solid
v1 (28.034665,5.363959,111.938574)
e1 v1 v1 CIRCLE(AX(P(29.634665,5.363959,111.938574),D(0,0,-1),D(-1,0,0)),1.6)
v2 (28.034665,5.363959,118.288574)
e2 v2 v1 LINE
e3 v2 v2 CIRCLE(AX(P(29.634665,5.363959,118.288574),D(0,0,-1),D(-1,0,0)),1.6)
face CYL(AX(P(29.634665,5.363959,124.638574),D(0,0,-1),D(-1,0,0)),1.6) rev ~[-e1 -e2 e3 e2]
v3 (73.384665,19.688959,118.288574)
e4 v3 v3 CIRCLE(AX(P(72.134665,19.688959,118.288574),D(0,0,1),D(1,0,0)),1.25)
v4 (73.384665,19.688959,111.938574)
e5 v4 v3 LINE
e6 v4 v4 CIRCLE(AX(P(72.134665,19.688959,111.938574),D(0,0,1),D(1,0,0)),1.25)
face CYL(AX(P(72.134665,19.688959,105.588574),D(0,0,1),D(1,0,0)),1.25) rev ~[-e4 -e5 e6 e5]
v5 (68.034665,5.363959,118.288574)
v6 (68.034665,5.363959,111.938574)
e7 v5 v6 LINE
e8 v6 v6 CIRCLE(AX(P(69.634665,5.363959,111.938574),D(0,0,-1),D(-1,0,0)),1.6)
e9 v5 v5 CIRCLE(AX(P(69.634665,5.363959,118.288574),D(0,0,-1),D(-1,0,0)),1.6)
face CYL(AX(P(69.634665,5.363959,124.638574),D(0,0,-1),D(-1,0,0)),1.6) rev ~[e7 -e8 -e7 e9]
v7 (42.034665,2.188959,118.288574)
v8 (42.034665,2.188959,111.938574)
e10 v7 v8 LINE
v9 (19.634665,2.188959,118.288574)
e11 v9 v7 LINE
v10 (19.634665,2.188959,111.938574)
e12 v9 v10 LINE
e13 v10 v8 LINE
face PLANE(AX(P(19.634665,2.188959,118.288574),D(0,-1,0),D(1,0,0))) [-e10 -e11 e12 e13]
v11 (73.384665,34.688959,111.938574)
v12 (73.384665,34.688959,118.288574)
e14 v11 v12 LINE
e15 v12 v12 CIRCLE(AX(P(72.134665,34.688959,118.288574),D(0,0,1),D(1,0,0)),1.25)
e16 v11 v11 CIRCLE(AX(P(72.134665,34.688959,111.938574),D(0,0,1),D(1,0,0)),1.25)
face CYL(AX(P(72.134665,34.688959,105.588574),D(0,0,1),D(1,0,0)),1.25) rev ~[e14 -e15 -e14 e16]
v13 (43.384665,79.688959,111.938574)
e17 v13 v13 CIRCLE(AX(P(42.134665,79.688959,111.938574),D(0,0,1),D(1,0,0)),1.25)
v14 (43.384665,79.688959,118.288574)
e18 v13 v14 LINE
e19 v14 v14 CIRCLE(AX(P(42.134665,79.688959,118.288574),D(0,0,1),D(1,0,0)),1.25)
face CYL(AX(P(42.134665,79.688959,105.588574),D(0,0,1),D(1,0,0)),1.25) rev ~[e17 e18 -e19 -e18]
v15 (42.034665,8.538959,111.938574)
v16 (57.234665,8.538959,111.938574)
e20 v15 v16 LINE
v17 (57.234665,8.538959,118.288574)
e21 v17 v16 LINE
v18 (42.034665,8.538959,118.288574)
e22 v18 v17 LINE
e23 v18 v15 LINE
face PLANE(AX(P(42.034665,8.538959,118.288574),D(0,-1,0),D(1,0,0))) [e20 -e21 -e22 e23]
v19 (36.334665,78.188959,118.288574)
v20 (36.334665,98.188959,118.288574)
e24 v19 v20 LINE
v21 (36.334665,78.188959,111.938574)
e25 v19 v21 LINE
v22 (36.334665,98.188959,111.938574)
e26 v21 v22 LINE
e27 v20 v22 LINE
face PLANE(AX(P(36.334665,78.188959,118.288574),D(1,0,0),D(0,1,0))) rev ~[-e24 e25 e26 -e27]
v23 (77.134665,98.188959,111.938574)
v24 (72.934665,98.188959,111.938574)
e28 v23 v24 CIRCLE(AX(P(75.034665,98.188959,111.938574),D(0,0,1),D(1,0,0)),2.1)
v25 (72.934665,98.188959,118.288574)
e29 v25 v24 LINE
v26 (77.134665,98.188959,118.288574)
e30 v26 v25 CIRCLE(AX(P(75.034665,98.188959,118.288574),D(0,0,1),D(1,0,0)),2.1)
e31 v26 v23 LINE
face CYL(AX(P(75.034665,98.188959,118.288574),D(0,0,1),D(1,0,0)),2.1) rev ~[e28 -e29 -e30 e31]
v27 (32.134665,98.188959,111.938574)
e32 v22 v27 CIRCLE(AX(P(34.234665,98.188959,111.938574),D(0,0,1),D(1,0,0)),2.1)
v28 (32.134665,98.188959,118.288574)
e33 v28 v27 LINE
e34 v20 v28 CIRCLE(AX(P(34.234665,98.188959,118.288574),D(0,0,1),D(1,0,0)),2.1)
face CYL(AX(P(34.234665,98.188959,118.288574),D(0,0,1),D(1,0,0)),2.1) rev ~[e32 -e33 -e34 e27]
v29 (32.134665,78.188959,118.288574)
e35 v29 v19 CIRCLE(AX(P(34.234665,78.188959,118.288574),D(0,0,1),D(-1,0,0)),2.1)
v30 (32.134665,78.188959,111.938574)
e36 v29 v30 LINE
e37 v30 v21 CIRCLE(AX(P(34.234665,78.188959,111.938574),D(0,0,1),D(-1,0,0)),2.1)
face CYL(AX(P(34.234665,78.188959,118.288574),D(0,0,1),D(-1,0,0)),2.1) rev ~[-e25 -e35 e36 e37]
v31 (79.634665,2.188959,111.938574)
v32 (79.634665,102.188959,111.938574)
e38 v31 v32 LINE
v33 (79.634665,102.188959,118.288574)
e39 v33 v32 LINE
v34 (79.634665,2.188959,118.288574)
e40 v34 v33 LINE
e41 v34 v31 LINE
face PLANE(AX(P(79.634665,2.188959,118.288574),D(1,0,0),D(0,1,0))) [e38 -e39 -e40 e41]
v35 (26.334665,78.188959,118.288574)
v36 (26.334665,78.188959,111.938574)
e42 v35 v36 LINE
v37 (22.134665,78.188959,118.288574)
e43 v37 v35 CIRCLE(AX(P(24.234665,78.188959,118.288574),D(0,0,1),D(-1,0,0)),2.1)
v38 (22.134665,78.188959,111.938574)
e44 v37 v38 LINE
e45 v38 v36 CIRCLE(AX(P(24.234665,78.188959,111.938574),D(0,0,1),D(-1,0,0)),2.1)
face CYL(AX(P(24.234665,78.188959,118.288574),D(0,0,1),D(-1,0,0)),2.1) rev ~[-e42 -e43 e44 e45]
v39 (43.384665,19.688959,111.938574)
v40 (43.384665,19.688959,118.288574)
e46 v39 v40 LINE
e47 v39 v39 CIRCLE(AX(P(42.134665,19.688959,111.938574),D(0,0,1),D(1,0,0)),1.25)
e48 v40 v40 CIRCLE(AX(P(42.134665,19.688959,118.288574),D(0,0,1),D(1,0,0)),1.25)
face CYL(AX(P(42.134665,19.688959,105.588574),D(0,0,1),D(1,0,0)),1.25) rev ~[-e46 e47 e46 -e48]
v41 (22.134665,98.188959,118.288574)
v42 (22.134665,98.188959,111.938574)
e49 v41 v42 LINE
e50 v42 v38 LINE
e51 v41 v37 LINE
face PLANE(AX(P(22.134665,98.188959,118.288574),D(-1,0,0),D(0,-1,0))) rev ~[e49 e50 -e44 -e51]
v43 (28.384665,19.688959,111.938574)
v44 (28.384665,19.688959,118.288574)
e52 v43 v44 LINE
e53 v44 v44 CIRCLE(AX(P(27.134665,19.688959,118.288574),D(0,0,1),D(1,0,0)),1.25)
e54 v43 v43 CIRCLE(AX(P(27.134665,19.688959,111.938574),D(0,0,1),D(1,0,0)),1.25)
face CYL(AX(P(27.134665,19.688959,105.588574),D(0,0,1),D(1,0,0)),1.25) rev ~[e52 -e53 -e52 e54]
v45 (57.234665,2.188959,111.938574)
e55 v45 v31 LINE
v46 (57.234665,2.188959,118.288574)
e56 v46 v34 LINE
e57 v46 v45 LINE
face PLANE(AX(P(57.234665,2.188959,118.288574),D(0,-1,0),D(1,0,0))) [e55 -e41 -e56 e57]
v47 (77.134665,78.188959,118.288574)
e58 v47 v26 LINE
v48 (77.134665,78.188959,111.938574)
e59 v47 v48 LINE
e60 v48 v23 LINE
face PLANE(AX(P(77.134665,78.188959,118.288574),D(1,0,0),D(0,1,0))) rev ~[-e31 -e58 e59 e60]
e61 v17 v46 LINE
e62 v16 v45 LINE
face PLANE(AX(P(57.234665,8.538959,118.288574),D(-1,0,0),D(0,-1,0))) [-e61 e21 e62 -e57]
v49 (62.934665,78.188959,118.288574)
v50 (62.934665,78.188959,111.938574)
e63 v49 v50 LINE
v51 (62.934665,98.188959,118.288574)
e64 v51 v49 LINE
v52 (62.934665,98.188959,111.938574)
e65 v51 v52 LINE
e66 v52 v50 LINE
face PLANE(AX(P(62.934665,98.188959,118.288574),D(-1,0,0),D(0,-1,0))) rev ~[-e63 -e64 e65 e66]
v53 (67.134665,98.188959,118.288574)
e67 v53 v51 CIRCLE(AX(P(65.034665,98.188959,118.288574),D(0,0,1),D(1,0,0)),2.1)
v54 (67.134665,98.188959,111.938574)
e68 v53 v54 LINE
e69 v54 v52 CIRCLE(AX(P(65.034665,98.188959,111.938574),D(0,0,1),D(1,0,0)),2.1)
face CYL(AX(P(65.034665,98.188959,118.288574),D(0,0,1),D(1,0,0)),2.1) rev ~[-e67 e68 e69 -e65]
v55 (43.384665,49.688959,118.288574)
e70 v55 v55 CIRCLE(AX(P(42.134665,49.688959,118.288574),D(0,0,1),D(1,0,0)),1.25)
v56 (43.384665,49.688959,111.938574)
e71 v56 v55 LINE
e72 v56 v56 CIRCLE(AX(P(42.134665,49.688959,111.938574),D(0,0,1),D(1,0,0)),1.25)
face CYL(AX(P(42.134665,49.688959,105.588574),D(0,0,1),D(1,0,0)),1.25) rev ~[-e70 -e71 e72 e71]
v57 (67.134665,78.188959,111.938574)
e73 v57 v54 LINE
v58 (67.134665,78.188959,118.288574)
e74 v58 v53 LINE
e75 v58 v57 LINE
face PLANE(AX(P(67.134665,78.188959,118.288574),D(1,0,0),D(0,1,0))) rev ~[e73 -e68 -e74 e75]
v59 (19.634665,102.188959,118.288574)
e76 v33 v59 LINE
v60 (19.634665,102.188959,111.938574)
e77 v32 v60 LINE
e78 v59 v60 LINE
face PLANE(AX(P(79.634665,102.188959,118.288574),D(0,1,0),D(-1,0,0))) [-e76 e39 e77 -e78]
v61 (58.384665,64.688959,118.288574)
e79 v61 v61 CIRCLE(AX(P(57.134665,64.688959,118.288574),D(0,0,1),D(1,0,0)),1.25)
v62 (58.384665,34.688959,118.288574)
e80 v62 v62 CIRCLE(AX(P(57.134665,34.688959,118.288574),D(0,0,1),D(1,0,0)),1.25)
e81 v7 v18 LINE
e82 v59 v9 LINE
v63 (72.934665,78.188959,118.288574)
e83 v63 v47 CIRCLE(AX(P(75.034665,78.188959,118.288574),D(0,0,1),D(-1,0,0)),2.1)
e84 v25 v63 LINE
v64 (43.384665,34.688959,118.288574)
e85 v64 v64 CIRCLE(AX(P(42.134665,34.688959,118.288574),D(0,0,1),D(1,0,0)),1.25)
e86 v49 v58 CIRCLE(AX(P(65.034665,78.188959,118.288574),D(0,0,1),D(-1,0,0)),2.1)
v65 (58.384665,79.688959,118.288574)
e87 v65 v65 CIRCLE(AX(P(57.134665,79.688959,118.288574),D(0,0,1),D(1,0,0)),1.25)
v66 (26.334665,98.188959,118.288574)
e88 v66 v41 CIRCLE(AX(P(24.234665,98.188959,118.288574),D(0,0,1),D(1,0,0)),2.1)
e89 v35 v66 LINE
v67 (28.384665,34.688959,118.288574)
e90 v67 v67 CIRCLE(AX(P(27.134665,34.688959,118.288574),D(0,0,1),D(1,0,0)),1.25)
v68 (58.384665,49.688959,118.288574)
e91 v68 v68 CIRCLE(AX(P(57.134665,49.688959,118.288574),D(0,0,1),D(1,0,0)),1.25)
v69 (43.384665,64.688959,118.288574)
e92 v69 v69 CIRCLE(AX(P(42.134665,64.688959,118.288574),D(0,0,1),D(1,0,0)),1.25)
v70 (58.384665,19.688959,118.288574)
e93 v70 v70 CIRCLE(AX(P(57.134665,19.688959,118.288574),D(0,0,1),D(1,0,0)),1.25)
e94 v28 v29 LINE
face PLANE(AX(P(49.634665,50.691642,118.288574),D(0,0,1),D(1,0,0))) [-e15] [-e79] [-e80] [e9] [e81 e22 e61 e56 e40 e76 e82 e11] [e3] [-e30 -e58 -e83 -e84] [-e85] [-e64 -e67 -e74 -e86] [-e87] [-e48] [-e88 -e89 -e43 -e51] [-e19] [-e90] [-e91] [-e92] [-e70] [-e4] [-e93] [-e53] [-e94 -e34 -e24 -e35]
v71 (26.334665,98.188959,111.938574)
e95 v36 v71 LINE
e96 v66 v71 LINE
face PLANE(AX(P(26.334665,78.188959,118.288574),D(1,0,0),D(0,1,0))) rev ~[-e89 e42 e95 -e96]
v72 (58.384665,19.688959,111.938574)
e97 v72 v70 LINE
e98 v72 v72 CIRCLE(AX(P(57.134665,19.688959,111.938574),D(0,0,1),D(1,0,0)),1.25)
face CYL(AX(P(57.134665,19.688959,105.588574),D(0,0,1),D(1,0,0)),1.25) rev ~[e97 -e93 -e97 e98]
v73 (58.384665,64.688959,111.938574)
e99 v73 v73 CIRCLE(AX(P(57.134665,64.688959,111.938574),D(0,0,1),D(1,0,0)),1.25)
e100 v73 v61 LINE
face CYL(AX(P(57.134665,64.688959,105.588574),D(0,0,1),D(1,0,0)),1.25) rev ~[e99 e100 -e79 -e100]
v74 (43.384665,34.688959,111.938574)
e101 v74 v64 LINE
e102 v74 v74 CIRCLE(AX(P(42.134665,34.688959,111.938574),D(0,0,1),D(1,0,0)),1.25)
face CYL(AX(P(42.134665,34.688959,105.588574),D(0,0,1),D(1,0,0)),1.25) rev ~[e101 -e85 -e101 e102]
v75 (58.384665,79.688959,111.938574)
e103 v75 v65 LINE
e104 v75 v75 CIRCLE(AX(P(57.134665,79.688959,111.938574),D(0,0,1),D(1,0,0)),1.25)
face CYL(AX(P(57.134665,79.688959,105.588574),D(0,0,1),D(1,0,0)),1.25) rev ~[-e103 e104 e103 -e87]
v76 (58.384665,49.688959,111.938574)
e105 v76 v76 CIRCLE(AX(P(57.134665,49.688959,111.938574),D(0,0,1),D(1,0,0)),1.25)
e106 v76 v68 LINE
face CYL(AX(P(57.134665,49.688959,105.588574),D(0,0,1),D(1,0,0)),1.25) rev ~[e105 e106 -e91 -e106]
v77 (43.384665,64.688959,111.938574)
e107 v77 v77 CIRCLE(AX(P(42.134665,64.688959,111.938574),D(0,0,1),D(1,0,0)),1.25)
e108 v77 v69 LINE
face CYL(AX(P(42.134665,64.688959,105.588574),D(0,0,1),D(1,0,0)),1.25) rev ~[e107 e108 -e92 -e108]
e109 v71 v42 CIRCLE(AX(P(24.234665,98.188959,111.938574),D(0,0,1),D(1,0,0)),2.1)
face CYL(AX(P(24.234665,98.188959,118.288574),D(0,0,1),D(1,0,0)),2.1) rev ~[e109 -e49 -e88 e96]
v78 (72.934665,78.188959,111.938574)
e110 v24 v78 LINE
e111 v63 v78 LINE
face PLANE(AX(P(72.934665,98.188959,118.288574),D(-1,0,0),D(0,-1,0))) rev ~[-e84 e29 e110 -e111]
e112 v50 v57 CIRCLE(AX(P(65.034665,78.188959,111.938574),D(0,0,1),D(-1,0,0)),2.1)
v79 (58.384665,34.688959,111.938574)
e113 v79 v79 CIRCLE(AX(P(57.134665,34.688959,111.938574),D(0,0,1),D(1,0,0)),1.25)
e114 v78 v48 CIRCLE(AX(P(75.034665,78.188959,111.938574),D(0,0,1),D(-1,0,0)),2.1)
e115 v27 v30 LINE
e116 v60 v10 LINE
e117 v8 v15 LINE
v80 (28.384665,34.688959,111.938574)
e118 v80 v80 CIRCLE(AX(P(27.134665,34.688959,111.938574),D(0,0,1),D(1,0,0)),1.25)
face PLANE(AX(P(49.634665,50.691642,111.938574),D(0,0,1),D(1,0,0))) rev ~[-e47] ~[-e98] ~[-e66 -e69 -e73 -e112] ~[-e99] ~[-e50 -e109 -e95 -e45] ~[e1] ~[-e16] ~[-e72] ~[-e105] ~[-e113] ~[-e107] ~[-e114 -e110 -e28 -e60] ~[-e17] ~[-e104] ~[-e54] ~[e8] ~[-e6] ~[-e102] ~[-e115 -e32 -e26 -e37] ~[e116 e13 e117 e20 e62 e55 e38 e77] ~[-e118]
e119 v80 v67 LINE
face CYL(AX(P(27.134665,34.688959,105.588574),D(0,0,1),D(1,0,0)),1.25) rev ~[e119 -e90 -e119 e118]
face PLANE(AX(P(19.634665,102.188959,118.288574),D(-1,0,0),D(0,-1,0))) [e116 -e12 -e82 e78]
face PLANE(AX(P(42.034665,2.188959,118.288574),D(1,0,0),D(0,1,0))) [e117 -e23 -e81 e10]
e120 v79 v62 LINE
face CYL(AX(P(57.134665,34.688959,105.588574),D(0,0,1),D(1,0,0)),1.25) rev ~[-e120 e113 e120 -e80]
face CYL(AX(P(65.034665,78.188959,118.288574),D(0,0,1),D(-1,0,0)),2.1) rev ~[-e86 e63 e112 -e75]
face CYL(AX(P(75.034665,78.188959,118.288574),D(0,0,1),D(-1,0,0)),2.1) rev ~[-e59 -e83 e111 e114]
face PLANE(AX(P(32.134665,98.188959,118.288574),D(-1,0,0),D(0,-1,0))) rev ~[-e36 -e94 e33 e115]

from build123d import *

# Parameters (mm, degrees)
BOSS_EXTRUDE1_DEPTH             = 6.35
F_2_5_2_5_DIAMETER_HOLE1_D      = 2.5
F_2_5_2_5_DIAMETER_HOLE1_DEPTH  = 6.35
F_3_2_3_2_DIAMETER_HOLE1_D      = 3.2
F_3_2_3_2_DIAMETER_HOLE1_DEPTH  = 6.35
F_2_5_2_5_DIAMETER_HOLE2_D      = 2.5
F_2_5_2_5_DIAMETER_HOLE2_DEPTH  = 6.35
F_2_5_2_5_DIAMETER_HOLE3_D      = 2.5
F_2_5_2_5_DIAMETER_HOLE3_DEPTH  = 6.35
F_2_5_2_5_DIAMETER_HOLE4_D      = 2.5
F_2_5_2_5_DIAMETER_HOLE4_DEPTH  = 6.35
F_2_5_2_5_DIAMETER_HOLE5_D      = 2.5
F_2_5_2_5_DIAMETER_HOLE5_DEPTH  = 6.35
F_2_5_2_5_DIAMETER_HOLE6_D      = 2.5
F_2_5_2_5_DIAMETER_HOLE6_DEPTH  = 6.35
F_2_5_2_5_DIAMETER_HOLE7_D      = 2.5
F_2_5_2_5_DIAMETER_HOLE7_DEPTH  = 6.35
F_2_5_2_5_DIAMETER_HOLE8_D      = 2.5
F_2_5_2_5_DIAMETER_HOLE8_DEPTH  = 6.35
F_2_5_2_5_DIAMETER_HOLE9_D      = 2.5
F_2_5_2_5_DIAMETER_HOLE9_DEPTH  = 6.35
F_2_5_2_5_DIAMETER_HOLE10_D     = 2.5
F_2_5_2_5_DIAMETER_HOLE10_DEPTH = 6.35
F_2_5_2_5_DIAMETER_HOLE11_D     = 2.5
F_2_5_2_5_DIAMETER_HOLE11_DEPTH = 6.35
F_2_5_2_5_DIAMETER_HOLE12_D     = 2.5
F_2_5_2_5_DIAMETER_HOLE12_DEPTH = 6.35
F_2_5_2_5_DIAMETER_HOLE13_D     = 2.5
F_2_5_2_5_DIAMETER_HOLE13_DEPTH = 6.35
F_2_5_2_5_DIAMETER_HOLE14_D     = 2.5
F_2_5_2_5_DIAMETER_HOLE14_DEPTH = 6.35
F_3_2_3_2_DIAMETER_HOLE2_D      = 3.2
F_3_2_3_2_DIAMETER_HOLE2_DEPTH  = 6.35
CUT_EXTRUDE1_DEPTH              = 7.35


with BuildPart() as part:
    # Sketch1 → Boss-Extrude1 (new body)
    with BuildSketch(Plane.XY.offset(118.288574318)):
        Polygon((19.634665341, 102.188959457), (19.634665341, 2.188959457), (42.034665341, 2.188959457), (42.034665341, 8.538959457), (57.234665341, 8.538959457), (57.234665341, 2.188959457), (79.634665341, 2.188959457), (79.634665341, 102.188959457), align=None)
    extrude(amount=-BOSS_EXTRUDE1_DEPTH)

    # Ø2.5 (2.5) Diameter Hole1
    with Locations(Plane(origin=(0, 0, 111.938574318), x_dir=(-1, 0, 0), z_dir=(0, 0, -1))):
        with Locations((-27.134665341, 19.688959457)):
            Hole(F_2_5_2_5_DIAMETER_HOLE1_D / 2, depth=F_2_5_2_5_DIAMETER_HOLE1_DEPTH)

    # Ø3.2 (3.2) Diameter Hole1
    with Locations(Plane.XY.offset(118.288574318)):
        with Locations((29.634665341, 5.363959457)):
            Hole(F_3_2_3_2_DIAMETER_HOLE1_D / 2, depth=F_3_2_3_2_DIAMETER_HOLE1_DEPTH)

    # Ø2.5 (2.5) Diameter Hole2
    with Locations(Plane(origin=(0, 0, 111.938574318), x_dir=(-1, 0, 0), z_dir=(0, 0, -1))):
        with Locations((-57.134665341, 19.688959457)):
            Hole(F_2_5_2_5_DIAMETER_HOLE2_D / 2, depth=F_2_5_2_5_DIAMETER_HOLE2_DEPTH)

    # Ø2.5 (2.5) Diameter Hole3
    with Locations(Plane(origin=(0, 0, 111.938574318), x_dir=(-1, 0, 0), z_dir=(0, 0, -1))):
        with Locations((-42.134665341, 34.688959457)):
            Hole(F_2_5_2_5_DIAMETER_HOLE3_D / 2, depth=F_2_5_2_5_DIAMETER_HOLE3_DEPTH)

    # Ø2.5 (2.5) Diameter Hole4
    with Locations(Plane(origin=(0, 0, 111.938574318), x_dir=(-1, 0, 0), z_dir=(0, 0, -1))):
        with Locations((-42.134665341, 64.688959457)):
            Hole(F_2_5_2_5_DIAMETER_HOLE4_D / 2, depth=F_2_5_2_5_DIAMETER_HOLE4_DEPTH)

    # Ø2.5 (2.5) Diameter Hole5
    with Locations(Plane(origin=(0, 0, 111.938574318), x_dir=(-1, 0, 0), z_dir=(0, 0, -1))):
        with Locations((-57.134665341, 64.688959457)):
            Hole(F_2_5_2_5_DIAMETER_HOLE5_D / 2, depth=F_2_5_2_5_DIAMETER_HOLE5_DEPTH)

    # Ø2.5 (2.5) Diameter Hole6
    with Locations(Plane(origin=(0, 0, 111.938574318), x_dir=(-1, 0, 0), z_dir=(0, 0, -1))):
        with Locations((-27.134665341, 34.688959457)):
            Hole(F_2_5_2_5_DIAMETER_HOLE6_D / 2, depth=F_2_5_2_5_DIAMETER_HOLE6_DEPTH)

    # Ø2.5 (2.5) Diameter Hole7
    with Locations(Plane(origin=(0, 0, 111.938574318), x_dir=(-1, 0, 0), z_dir=(0, 0, -1))):
        with Locations((-72.134665341, 19.688959457)):
            Hole(F_2_5_2_5_DIAMETER_HOLE7_D / 2, depth=F_2_5_2_5_DIAMETER_HOLE7_DEPTH)

    # Ø2.5 (2.5) Diameter Hole8
    with Locations(Plane(origin=(0, 0, 111.938574318), x_dir=(-1, 0, 0), z_dir=(0, 0, -1))):
        with Locations((-42.134665341, 19.688959457)):
            Hole(F_2_5_2_5_DIAMETER_HOLE8_D / 2, depth=F_2_5_2_5_DIAMETER_HOLE8_DEPTH)

    # Ø2.5 (2.5) Diameter Hole9
    with Locations(Plane(origin=(0, 0, 111.938574318), x_dir=(-1, 0, 0), z_dir=(0, 0, -1))):
        with Locations((-57.134665341, 34.688959457)):
            Hole(F_2_5_2_5_DIAMETER_HOLE9_D / 2, depth=F_2_5_2_5_DIAMETER_HOLE9_DEPTH)

    # Ø2.5 (2.5) Diameter Hole10
    with Locations(Plane(origin=(0, 0, 111.938574318), x_dir=(-1, 0, 0), z_dir=(0, 0, -1))):
        with Locations((-42.134665341, 49.688959457)):
            Hole(F_2_5_2_5_DIAMETER_HOLE10_D / 2, depth=F_2_5_2_5_DIAMETER_HOLE10_DEPTH)

    # Ø2.5 (2.5) Diameter Hole11
    with Locations(Plane(origin=(0, 0, 111.938574318), x_dir=(-1, 0, 0), z_dir=(0, 0, -1))):
        with Locations((-42.134665341, 79.688959457)):
            Hole(F_2_5_2_5_DIAMETER_HOLE11_D / 2, depth=F_2_5_2_5_DIAMETER_HOLE11_DEPTH)

    # Ø2.5 (2.5) Diameter Hole12
    with Locations(Plane(origin=(0, 0, 111.938574318), x_dir=(-1, 0, 0), z_dir=(0, 0, -1))):
        with Locations((-57.134665341, 79.688959457)):
            Hole(F_2_5_2_5_DIAMETER_HOLE12_D / 2, depth=F_2_5_2_5_DIAMETER_HOLE12_DEPTH)

    # Ø2.5 (2.5) Diameter Hole13
    with Locations(Plane(origin=(0, 0, 111.938574318), x_dir=(-1, 0, 0), z_dir=(0, 0, -1))):
        with Locations((-57.134665341, 49.688959457)):
            Hole(F_2_5_2_5_DIAMETER_HOLE13_D / 2, depth=F_2_5_2_5_DIAMETER_HOLE13_DEPTH)

    # Ø2.5 (2.5) Diameter Hole14
    with Locations(Plane(origin=(0, 0, 111.938574318), x_dir=(-1, 0, 0), z_dir=(0, 0, -1))):
        with Locations((-72.134665341, 34.688959457)):
            Hole(F_2_5_2_5_DIAMETER_HOLE14_D / 2, depth=F_2_5_2_5_DIAMETER_HOLE14_DEPTH)

    # Ø3.2 (3.2) Diameter Hole2
    with Locations(Plane.XY.offset(118.288574318)):
        with Locations((69.634665341, 5.363959457)):
            Hole(F_3_2_3_2_DIAMETER_HOLE2_D / 2, depth=F_3_2_3_2_DIAMETER_HOLE2_DEPTH)

    # Sketch38 → Cut-Extrude1 (cut, through all)
    with BuildSketch(Plane.XY.offset(118.288574318)):
        with BuildLine():
            Line((22.134665341, 98.188959457), (22.134665341, 78.188959457))
            ThreePointArc((22.134665341, 78.188959457), (24.234665341, 76.088959457), (26.334665341, 78.188959457))
            Line((26.334665341, 78.188959457), (26.334665341, 98.188959457))
            ThreePointArc((26.334665341, 98.188959457), (24.234665341, 100.288959457), (22.134665341, 98.188959457))
        make_face()
        with BuildLine():
            Line((32.134665341, 98.188959457), (32.134665341, 78.188959457))
            ThreePointArc((32.134665341, 78.188959457), (34.234665341, 76.088959457), (36.334665341, 78.188959457))
            Line((36.334665341, 78.188959457), (36.334665341, 98.188959457))
            ThreePointArc((36.334665341, 98.188959457), (34.234665341, 100.288959457), (32.134665341, 98.188959457))
        make_face()
        with BuildLine():
            Line((62.934665341, 98.188959457), (62.934665341, 78.188959457))
            ThreePointArc((62.934665341, 78.188959457), (65.034665341, 76.088959457), (67.134665341, 78.188959457))
            Line((67.134665341, 78.188959457), (67.134665341, 98.188959457))
            ThreePointArc((67.134665341, 98.188959457), (65.034665341, 100.288959457), (62.934665341, 98.188959457))
        make_face()
        with BuildLine():
            Line((72.934665341, 98.188959457), (72.934665341, 78.188959457))
            ThreePointArc((72.934665341, 78.188959457), (75.034665341, 76.088959457), (77.134665341, 78.188959457))
            Line((77.134665341, 78.188959457), (77.134665341, 98.188959457))
            ThreePointArc((77.134665341, 98.188959457), (75.034665341, 100.288959457), (72.934665341, 98.188959457))
        make_face()
    extrude(amount=-CUT_EXTRUDE1_DEPTH, mode=Mode.SUBTRACT)


solid = part.part
